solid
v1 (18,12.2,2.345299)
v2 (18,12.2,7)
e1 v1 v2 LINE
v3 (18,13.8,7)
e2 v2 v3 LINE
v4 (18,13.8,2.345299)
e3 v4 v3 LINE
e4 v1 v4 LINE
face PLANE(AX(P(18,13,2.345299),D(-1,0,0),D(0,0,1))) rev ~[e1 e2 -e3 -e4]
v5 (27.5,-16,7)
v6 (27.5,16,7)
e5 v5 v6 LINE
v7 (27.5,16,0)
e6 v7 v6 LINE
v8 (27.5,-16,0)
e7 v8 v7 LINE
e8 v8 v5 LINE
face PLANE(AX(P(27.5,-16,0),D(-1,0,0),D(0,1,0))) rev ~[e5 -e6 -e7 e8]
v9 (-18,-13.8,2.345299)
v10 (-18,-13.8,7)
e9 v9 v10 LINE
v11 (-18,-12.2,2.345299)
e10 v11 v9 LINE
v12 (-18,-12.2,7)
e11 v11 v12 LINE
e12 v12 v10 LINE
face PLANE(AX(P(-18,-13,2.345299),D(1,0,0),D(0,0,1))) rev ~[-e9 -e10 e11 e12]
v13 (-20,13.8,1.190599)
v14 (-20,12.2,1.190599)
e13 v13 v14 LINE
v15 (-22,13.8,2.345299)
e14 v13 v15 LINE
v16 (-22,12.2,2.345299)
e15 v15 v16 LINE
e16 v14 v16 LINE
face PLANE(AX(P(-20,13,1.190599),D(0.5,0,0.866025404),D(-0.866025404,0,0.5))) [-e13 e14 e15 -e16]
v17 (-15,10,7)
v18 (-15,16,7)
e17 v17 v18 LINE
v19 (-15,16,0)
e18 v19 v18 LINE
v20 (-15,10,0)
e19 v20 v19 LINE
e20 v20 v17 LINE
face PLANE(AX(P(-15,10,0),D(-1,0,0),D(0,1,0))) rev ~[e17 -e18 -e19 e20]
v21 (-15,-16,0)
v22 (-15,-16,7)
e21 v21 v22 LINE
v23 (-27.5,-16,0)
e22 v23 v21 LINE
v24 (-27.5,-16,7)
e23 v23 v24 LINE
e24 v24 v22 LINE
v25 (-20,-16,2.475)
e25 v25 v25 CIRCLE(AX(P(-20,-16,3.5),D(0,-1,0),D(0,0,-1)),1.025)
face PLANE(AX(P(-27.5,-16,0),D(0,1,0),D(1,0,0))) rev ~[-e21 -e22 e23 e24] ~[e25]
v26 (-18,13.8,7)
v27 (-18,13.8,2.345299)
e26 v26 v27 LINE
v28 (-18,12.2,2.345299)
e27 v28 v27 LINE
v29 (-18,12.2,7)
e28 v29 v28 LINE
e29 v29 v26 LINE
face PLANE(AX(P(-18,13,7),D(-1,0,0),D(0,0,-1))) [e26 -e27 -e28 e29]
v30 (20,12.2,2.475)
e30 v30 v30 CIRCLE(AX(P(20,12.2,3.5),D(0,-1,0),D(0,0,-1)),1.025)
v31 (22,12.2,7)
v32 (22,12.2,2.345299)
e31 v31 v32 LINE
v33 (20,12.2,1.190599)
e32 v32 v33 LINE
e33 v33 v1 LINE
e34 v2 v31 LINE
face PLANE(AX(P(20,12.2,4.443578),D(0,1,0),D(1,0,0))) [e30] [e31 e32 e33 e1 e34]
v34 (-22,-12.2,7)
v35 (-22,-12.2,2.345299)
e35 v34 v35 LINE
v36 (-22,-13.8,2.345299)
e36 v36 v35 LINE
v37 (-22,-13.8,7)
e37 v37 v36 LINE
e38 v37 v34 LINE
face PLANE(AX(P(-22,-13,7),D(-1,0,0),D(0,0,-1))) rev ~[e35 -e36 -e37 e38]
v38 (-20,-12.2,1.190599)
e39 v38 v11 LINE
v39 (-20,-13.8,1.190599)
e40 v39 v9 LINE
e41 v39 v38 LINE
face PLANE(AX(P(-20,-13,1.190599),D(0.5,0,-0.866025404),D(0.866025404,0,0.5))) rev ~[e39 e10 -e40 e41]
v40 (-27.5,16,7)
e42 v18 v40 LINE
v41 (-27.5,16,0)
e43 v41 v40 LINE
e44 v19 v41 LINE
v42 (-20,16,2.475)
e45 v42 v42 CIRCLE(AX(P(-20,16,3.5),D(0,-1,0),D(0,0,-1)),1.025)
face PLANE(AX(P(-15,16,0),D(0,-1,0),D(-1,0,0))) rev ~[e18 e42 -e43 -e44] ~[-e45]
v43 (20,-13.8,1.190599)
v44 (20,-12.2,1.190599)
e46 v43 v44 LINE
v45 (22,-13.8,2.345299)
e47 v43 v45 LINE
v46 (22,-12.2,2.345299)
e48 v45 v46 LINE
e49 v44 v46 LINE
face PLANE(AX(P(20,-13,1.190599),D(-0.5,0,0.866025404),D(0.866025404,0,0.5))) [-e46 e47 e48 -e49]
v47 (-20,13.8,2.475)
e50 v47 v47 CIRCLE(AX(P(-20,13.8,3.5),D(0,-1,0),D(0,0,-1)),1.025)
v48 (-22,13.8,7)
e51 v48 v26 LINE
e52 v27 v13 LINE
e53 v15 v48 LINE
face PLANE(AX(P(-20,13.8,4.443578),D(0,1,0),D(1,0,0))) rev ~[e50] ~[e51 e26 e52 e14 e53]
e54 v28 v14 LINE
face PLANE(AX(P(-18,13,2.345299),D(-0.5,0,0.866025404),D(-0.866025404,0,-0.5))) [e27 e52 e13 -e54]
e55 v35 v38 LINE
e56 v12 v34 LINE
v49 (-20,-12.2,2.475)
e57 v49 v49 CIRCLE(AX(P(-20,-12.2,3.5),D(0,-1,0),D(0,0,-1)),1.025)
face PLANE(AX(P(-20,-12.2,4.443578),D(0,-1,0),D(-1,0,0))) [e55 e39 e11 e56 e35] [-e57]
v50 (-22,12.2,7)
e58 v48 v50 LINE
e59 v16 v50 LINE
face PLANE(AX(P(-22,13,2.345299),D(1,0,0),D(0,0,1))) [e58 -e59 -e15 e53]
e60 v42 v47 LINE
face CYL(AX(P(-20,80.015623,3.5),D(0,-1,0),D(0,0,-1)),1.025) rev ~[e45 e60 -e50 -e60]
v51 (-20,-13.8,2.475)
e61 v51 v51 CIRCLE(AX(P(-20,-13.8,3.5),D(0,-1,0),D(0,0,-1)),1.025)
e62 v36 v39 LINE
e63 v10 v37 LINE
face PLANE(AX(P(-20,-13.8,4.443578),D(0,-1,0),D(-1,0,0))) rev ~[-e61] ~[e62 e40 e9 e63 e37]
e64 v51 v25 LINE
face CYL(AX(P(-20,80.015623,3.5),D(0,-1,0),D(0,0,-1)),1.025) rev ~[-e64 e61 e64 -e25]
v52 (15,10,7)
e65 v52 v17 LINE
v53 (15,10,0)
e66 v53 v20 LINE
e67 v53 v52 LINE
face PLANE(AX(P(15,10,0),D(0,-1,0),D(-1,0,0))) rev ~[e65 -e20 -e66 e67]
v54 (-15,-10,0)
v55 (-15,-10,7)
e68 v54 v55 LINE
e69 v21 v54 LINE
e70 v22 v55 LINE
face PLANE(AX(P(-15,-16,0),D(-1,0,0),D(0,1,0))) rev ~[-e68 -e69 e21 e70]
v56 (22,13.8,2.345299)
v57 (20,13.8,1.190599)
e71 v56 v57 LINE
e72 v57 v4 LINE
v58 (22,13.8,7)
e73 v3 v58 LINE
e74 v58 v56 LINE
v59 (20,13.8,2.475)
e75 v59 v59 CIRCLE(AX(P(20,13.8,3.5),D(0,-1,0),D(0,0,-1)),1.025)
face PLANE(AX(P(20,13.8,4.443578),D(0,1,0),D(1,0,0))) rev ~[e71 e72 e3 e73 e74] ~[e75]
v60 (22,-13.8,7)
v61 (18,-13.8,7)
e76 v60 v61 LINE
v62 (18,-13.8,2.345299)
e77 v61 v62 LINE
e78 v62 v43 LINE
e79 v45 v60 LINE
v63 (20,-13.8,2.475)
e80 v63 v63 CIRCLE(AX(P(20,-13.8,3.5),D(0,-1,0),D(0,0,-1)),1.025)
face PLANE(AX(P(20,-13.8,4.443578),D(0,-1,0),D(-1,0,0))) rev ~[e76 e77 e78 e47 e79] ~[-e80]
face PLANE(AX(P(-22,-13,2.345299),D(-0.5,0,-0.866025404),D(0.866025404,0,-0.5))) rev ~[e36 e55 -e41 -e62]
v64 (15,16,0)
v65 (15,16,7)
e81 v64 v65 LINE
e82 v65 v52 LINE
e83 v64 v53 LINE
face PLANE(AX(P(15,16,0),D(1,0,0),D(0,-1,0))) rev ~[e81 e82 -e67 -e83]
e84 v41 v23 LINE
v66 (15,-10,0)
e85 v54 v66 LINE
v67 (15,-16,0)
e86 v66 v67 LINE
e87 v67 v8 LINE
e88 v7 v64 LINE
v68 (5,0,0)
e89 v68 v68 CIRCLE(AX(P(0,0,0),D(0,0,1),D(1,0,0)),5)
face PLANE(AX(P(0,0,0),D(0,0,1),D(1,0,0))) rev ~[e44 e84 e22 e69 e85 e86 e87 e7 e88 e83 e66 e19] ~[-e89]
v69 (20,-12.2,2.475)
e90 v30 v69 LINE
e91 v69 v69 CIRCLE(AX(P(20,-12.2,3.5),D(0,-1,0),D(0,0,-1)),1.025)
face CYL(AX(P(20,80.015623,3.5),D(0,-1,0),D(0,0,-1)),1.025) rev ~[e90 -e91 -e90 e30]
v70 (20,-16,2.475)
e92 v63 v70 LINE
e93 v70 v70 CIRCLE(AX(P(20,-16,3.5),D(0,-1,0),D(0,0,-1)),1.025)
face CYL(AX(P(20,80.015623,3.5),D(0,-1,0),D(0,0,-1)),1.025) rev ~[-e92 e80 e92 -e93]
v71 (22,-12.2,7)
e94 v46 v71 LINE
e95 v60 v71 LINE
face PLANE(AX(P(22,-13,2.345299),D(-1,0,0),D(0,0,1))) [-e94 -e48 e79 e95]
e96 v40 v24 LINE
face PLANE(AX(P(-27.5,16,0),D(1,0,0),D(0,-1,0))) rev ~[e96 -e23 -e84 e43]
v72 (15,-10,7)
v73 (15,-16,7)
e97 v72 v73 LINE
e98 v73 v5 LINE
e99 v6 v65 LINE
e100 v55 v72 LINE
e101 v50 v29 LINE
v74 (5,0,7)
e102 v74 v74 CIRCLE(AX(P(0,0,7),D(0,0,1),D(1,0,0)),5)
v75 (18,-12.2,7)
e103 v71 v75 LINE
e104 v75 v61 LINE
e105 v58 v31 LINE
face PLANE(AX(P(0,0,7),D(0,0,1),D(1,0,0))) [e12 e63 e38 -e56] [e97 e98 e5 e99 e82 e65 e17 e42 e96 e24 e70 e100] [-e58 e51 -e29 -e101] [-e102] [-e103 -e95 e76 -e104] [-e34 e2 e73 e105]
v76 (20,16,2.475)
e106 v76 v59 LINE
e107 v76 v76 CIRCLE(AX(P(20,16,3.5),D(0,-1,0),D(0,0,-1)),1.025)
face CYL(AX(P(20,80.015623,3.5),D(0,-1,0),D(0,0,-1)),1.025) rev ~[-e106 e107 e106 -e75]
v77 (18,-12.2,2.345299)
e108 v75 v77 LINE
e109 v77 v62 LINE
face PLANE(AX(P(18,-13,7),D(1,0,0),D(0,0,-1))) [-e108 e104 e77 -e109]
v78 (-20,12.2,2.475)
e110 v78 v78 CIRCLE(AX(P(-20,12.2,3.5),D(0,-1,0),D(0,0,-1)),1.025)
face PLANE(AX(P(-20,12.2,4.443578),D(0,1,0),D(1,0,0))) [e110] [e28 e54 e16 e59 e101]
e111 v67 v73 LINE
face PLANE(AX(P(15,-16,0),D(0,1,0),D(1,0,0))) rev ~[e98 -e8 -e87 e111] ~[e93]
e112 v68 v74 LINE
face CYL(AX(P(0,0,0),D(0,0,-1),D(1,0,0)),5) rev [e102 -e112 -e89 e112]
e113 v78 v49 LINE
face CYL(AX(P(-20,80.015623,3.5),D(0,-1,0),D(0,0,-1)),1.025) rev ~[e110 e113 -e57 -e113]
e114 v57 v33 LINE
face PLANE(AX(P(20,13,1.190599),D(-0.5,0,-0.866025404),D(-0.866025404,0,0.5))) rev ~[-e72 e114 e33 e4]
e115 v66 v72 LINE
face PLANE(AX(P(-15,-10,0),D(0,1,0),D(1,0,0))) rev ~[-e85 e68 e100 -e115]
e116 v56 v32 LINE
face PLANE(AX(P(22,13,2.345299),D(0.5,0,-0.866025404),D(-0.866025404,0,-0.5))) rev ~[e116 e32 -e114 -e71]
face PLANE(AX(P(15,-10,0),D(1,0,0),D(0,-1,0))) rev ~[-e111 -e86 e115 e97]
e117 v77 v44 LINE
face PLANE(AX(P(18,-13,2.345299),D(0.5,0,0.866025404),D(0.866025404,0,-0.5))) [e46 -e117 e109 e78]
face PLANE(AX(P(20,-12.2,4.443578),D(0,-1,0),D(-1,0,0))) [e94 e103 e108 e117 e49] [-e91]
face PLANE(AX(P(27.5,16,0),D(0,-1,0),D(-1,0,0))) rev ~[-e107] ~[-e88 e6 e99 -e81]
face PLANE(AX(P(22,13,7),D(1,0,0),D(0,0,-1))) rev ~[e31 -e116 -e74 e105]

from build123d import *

# Parameters (mm, degrees)
SKETCH_1_R          = 5
EXTRUDE_1_DEPTH     = 7
M2_5X0_45_1_D       = 2.05
CUT_EXTRUDE_1_DEPTH = 0.8
CUT_EXTRUDE_3_DEPTH = 0.8


with BuildPart() as part:
    # 草图1 → 凸台-拉伸1 (new body)
    with BuildSketch(Plane.XY):
        Polygon((-15, 10), (-15, 16), (-27.5, 16), (-27.5, -16), (-15, -16), (-15, -10), (15, -10), (15, -16), (27.5, -16), (27.5, 16), (15, 16), (15, 10), align=None)
        Circle(SKETCH_1_R, mode=Mode.SUBTRACT)
    extrude(amount=EXTRUDE_1_DEPTH)

    # M2.5x0.45 螺纹孔1 (through all)
    with Locations(Plane(origin=(-20, 16, 3.5), x_dir=(0, 0, 1), z_dir=(0, 1, 0))):
        with Locations((0, 0), (0, 40)):
            Hole(M2_5X0_45_1_D / 2)

    # 草图4 → 切除-拉伸1 (cut, symmetric)
    with BuildSketch(Plane(origin=(0, 13, 0), x_dir=(1, 0, 0), z_dir=(0, 1, 0))):
        Polygon((-22, -4.654700538), (-22, -7), (-18, -7), (-18, -4.654700538), (-18, -2.345299462), (-20, -1.190598923), (-22, -2.345299462), align=None)
        Polygon((20, -1.190598923), (18, -2.345299462), (18, -4.654700538), (18, -7), (22, -7), (22, -4.654700538), (22, -2.345299462), align=None)
    extrude(amount=CUT_EXTRUDE_1_DEPTH, both=True, mode=Mode.SUBTRACT)

    # 草图7 → 切除-拉伸3 (cut, symmetric)
    with BuildSketch(Plane(origin=(0, -13, 0), x_dir=(-1, 0, 0), z_dir=(0, -1, 0))):
        Polygon((-22, -4.654700538), (-22, -7), (-18, -7), (-18, -4.654700538), (-18, -2.345299462), (-20, -1.190598923), (-22, -2.345299462), align=None)
        Polygon((20, -1.190598923), (18, -2.345299462), (18, -4.654700538), (18, -7), (22, -7), (22, -4.654700538), (22, -2.345299462), align=None)
    extrude(amount=CUT_EXTRUDE_3_DEPTH, both=True, mode=Mode.SUBTRACT)


solid = part.part
